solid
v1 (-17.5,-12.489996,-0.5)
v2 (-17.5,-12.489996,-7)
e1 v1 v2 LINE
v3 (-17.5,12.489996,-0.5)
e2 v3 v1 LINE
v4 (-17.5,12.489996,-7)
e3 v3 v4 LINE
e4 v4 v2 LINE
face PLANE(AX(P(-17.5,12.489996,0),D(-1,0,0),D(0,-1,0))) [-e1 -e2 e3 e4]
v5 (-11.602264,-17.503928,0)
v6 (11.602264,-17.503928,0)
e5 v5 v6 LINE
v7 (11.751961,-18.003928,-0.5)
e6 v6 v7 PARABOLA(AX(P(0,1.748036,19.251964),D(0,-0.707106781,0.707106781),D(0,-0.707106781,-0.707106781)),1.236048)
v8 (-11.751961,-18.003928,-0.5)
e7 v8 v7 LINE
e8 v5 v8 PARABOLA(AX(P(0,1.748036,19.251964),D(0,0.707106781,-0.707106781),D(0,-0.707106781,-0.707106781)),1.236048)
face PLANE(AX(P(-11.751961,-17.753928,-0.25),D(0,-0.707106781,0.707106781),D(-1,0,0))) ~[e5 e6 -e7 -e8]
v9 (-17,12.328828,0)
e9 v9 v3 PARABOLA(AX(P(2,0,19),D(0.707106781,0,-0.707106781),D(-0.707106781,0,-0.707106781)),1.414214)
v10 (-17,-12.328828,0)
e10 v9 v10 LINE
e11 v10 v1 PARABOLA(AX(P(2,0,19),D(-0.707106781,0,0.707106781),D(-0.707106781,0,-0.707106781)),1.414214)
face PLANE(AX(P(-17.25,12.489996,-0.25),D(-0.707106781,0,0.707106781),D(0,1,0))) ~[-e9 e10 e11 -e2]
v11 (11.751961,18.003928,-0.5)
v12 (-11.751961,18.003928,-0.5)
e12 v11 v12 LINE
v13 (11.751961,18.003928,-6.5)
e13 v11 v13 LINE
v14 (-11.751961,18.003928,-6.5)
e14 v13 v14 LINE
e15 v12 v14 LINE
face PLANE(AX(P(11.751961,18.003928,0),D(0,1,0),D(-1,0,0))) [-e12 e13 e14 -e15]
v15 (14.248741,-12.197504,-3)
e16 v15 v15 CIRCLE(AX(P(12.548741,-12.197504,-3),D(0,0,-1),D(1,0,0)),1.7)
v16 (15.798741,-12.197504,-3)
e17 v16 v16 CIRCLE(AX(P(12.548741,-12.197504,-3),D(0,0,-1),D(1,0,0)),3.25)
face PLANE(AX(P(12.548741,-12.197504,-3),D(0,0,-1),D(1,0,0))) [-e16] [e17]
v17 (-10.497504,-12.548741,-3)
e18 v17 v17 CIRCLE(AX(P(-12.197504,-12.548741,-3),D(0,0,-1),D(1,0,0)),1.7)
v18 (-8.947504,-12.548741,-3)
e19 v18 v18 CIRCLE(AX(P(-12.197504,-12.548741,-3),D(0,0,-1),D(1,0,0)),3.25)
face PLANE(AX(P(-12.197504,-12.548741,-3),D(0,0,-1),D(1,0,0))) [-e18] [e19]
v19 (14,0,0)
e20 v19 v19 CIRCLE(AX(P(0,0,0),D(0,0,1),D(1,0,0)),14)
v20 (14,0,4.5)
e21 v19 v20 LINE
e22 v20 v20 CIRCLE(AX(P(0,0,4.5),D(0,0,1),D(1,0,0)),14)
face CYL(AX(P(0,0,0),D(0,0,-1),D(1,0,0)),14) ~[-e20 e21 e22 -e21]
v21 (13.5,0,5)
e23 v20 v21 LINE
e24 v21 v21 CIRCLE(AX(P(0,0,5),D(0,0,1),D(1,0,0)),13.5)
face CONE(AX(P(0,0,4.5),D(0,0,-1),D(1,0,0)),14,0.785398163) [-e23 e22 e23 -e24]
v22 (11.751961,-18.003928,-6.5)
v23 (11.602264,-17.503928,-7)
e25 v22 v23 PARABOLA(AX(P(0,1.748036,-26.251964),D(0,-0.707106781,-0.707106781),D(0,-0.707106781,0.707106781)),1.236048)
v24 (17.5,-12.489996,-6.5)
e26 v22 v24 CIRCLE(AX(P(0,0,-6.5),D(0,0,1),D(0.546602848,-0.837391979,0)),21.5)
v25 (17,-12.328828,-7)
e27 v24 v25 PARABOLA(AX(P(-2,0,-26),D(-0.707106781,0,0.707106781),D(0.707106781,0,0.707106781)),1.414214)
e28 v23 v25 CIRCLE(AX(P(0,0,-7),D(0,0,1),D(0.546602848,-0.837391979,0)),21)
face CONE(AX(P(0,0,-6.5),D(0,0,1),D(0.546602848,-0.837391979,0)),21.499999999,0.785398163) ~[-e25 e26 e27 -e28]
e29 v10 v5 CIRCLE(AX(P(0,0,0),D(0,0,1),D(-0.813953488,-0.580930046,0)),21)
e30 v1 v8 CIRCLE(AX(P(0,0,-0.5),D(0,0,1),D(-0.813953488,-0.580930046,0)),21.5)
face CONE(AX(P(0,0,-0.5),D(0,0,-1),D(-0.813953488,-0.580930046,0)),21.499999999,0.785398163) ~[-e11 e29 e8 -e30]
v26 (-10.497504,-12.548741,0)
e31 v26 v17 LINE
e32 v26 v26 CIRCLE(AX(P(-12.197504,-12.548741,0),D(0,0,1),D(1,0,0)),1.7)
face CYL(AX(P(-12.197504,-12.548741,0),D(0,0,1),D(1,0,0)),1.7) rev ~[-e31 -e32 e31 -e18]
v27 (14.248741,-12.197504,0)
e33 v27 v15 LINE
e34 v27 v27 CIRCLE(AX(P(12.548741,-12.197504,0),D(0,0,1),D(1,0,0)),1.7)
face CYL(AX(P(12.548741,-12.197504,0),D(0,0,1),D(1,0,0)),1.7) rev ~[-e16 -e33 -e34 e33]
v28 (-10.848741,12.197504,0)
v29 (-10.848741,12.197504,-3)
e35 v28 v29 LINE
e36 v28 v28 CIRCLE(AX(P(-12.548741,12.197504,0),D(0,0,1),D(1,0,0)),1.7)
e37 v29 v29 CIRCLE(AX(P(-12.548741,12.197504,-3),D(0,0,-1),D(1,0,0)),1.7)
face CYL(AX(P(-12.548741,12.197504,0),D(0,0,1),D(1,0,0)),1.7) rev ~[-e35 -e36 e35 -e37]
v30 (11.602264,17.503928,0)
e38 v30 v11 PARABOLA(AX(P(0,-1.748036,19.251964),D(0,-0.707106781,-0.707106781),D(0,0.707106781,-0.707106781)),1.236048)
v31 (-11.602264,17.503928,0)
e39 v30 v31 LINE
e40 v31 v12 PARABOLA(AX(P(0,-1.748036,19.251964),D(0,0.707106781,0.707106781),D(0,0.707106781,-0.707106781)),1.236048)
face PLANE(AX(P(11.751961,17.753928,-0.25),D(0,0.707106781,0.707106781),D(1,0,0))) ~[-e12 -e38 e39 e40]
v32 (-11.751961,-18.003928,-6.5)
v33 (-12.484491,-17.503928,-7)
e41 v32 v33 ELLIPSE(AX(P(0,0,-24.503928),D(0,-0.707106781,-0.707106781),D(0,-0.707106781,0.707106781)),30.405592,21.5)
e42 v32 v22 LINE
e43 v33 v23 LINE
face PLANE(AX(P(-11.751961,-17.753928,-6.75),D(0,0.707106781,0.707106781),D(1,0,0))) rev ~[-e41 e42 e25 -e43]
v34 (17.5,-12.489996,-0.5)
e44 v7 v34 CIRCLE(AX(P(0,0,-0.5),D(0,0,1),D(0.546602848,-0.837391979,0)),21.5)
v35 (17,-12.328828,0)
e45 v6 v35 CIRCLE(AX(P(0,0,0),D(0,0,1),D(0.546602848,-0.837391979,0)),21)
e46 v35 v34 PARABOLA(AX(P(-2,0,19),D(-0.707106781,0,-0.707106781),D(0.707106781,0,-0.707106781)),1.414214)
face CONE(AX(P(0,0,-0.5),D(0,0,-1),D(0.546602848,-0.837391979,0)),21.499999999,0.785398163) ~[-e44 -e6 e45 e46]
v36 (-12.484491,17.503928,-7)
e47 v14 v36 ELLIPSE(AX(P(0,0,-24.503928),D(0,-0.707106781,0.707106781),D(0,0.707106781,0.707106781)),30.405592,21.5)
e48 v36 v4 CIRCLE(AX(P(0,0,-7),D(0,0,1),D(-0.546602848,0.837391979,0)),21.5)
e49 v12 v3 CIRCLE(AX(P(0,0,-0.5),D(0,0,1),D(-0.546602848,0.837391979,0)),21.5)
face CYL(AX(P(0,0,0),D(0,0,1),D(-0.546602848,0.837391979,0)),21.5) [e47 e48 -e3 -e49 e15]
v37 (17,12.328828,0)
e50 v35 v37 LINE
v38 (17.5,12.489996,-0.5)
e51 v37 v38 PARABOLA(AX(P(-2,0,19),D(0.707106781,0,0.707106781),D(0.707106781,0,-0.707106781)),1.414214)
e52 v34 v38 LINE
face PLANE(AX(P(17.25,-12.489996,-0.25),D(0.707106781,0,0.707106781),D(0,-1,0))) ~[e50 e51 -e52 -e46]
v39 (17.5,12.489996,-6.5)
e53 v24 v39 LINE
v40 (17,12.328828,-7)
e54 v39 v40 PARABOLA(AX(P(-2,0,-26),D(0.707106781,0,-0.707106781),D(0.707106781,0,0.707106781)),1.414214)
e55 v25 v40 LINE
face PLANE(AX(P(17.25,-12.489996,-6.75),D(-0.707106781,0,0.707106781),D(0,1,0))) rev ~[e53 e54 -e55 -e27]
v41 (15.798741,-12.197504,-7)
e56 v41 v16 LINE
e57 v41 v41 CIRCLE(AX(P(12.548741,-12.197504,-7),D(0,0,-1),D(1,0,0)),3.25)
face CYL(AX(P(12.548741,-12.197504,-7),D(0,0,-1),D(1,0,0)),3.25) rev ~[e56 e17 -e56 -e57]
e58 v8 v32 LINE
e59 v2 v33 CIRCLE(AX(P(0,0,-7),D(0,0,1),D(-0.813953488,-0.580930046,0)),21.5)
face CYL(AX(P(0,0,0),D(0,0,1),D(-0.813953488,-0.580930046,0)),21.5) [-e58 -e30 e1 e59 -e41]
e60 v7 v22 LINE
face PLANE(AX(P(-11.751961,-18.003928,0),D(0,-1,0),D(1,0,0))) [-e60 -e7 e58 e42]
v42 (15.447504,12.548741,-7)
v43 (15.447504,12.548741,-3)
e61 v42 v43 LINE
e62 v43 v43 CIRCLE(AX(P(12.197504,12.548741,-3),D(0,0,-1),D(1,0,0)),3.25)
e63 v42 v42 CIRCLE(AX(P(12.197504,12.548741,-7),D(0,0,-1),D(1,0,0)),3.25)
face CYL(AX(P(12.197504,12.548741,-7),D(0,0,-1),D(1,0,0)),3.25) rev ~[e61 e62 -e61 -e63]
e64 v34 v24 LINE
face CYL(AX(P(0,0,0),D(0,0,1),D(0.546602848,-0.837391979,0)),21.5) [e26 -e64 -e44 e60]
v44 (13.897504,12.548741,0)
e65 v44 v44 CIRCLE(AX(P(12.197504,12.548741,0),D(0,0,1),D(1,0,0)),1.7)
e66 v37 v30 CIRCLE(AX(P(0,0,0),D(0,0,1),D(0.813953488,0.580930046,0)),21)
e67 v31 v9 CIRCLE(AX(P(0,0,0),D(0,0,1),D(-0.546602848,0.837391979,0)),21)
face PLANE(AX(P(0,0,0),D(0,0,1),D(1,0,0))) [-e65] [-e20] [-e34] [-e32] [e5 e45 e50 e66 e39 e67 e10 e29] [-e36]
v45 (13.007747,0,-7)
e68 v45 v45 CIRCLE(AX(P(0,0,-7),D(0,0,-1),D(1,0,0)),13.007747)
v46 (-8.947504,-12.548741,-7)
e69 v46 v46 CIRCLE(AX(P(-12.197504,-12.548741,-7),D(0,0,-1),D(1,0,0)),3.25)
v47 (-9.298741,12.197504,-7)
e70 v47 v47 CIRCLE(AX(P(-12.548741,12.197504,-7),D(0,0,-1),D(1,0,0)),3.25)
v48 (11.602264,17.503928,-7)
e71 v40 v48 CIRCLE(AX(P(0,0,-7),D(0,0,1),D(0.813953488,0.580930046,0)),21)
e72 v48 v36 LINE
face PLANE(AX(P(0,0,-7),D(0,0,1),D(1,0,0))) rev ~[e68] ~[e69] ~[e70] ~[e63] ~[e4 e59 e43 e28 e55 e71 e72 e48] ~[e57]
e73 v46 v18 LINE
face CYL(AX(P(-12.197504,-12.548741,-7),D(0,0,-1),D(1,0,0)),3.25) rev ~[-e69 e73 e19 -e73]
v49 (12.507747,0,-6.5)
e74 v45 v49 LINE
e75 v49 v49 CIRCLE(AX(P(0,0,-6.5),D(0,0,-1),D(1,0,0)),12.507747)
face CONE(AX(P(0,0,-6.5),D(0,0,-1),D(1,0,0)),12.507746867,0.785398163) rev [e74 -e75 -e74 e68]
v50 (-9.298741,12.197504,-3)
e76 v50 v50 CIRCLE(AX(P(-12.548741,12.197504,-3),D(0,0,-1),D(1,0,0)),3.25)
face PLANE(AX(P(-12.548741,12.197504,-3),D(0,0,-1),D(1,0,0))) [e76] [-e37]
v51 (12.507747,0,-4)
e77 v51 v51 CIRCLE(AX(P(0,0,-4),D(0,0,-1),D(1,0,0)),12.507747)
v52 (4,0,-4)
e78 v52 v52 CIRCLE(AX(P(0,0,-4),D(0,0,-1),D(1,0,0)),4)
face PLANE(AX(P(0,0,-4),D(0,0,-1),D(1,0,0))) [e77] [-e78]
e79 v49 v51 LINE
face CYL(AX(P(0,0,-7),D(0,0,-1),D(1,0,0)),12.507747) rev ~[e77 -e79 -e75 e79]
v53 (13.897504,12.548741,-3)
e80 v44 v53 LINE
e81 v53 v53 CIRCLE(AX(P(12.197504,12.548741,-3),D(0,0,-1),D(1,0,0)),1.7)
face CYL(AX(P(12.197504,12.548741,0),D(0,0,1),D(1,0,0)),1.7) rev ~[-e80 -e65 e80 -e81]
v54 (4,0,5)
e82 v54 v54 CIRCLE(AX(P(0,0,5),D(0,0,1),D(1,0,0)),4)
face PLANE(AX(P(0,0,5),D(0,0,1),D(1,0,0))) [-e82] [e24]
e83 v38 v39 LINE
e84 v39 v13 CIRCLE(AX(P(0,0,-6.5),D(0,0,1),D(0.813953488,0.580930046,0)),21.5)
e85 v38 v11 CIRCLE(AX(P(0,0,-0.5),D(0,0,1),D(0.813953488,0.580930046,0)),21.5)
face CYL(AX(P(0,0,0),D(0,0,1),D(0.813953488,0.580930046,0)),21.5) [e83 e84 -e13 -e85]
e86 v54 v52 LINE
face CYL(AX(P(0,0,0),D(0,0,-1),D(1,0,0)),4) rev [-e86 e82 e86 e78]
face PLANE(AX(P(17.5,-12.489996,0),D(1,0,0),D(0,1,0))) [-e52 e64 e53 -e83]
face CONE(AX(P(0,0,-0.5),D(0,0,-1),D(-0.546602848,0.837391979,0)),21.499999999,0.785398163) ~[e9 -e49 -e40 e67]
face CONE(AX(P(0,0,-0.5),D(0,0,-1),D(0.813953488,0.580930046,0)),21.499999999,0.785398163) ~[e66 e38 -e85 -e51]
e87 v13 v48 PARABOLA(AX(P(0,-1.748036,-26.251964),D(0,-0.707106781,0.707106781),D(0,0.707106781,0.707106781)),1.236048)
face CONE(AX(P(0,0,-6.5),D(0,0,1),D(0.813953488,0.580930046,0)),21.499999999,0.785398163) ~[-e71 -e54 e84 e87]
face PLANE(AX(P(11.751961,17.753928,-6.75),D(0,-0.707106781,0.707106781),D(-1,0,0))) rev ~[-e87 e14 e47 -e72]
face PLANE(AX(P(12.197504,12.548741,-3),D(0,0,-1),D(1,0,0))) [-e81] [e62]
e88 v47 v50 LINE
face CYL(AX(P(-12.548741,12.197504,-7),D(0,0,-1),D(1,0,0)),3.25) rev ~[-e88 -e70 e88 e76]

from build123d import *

# Parameters (mm, degrees)
F0_R     = 3.25
F0_R_2   = 14
F0_R_3   = 4
F0_R_4   = 1.7
F1_DEPTH = 7
F2_DEPTH = 5
F3_R     = 3.25
F3_R_2   = 1.7
F4_DEPTH = 4
F3_R_3   = 12.5077468671
F3_R_4   = 4
F5_DEPTH = 3
F6_SIZE  = 0.5


with BuildPart() as f1:
    # F0 (on Top) → F1 (new body)
    with BuildSketch(Plane.XY):
        with BuildLine():
            ThreePointArc((17.5, 12.4899959968), (14.8835536543, 15.5154706864), (11.7519612405, 18.0039275438))
            Line((11.7519612405, 18.0039275438), (-11.7519612405, 18.0039275438))
            ThreePointArc((-11.7519612405, 18.0039275438), (-14.8835536543, 15.5154706864), (-17.5, 12.4899959968))
            Line((-17.5, 12.4899959968), (-17.5, -12.4899959968))
            ThreePointArc((-17.5, -12.4899959968), (-14.8835536543, -15.5154706864), (-11.7519612405, -18.0039275438))
            Line((-11.7519612405, -18.0039275438), (11.7519612405, -18.0039275438))
            ThreePointArc((11.7519612405, -18.0039275438), (14.8835536543, -15.5154706864), (17.5, -12.4899959968))
            Line((17.5, -12.4899959968), (17.5, 12.4899959968))
        make_face()
        with Locations((-12.1975036036, -12.5487412054)):
            Circle(F0_R, mode=Mode.SUBTRACT)
        with Locations((12.5487412054, -12.1975036036)):
            Circle(F0_R, mode=Mode.SUBTRACT)
        with Locations((-12.5487412054, 12.1975036036)):
            Circle(F0_R, mode=Mode.SUBTRACT)
        Circle(F0_R_2, mode=Mode.SUBTRACT)
        with Locations((12.1975036036, 12.5487412054)):
            Circle(F0_R, mode=Mode.SUBTRACT)
        Circle(F0_R_2)
        Circle(F0_R_3, mode=Mode.SUBTRACT)
        with Locations((12.1975036036, 12.5487412054)):
            Circle(F0_R)
        with Locations((12.1975036036, 12.5487412054)):
            Circle(F0_R_4, mode=Mode.SUBTRACT)
        with Locations((-12.5487412054, 12.1975036036)):
            Circle(F0_R)
        with Locations((-12.5487412054, 12.1975036036)):
            Circle(F0_R_4, mode=Mode.SUBTRACT)
        with Locations((-12.1975036036, -12.5487412054)):
            Circle(F0_R)
        with Locations((-12.1975036036, -12.5487412054)):
            Circle(F0_R_4, mode=Mode.SUBTRACT)
        with Locations((12.5487412054, -12.1975036036)):
            Circle(F0_R)
        with Locations((12.5487412054, -12.1975036036)):
            Circle(F0_R_4, mode=Mode.SUBTRACT)
    extrude(amount=-F1_DEPTH)

    # F0 (on Top) → F2 (join)
    with BuildSketch(Plane.XY):
        Circle(F0_R_2)
        Circle(F0_R_3, mode=Mode.SUBTRACT)
    extrude(amount=F2_DEPTH)

    # F3 (on face) → F4 (cut)
    with BuildSketch(Plane(origin=(0, 0, -7), x_dir=(1, 0, 0), z_dir=(0, 0, -1))):
        with Locations((-12.1975036036, 12.5487412054)):
            Circle(F3_R)
        with Locations((-12.1975036036, 12.5487412054)):
            Circle(F3_R_2, mode=Mode.SUBTRACT)
        with Locations((12.5487412054, 12.1975036036)):
            Circle(F3_R)
        with Locations((12.5487412054, 12.1975036036)):
            Circle(F3_R_2, mode=Mode.SUBTRACT)
        with Locations((12.1975036036, -12.5487412054)):
            Circle(F3_R)
        with Locations((12.1975036036, -12.5487412054)):
            Circle(F3_R_2, mode=Mode.SUBTRACT)
        with Locations((-12.5487412054, -12.1975036036)):
            Circle(F3_R)
        with Locations((-12.5487412054, -12.1975036036)):
            Circle(F3_R_2, mode=Mode.SUBTRACT)
    extrude(amount=-F4_DEPTH, mode=Mode.SUBTRACT)

    # F3 (on face) → F5 (cut)
    with BuildSketch(Plane(origin=(0, 0, -7), x_dir=(1, 0, 0), z_dir=(0, 0, -1))):
        Circle(F3_R_3)
        Circle(F3_R_4, mode=Mode.SUBTRACT)
    extrude(amount=-F5_DEPTH, mode=Mode.SUBTRACT)

    # F6
    f6_edges = [f1.edges().sort_by_distance(p)[0] for p in [
        (-17.5, 0, 0),
        (-14.883554, -15.515471, 0),
        (0, -18.003928, -7),
        (14.883554, -15.515471, -7),
        (17.5, 0, -7),
        (14.883554, 15.515471, -7),
        (0, 18.003928, -7),
        (-14.883554, 15.515471, 0),
        (-12.507747, 0, -7),
        (-14, 0, 5),
        (14.883554, 15.515471, 0),
        (17.5, 0, 0),
        (14.883554, -15.515471, 0),
        (0, -18.003928, 0),
        (0, 18.003928, 0),
    ]]
    chamfer(f6_edges, length=F6_SIZE)


solid = f1.part
